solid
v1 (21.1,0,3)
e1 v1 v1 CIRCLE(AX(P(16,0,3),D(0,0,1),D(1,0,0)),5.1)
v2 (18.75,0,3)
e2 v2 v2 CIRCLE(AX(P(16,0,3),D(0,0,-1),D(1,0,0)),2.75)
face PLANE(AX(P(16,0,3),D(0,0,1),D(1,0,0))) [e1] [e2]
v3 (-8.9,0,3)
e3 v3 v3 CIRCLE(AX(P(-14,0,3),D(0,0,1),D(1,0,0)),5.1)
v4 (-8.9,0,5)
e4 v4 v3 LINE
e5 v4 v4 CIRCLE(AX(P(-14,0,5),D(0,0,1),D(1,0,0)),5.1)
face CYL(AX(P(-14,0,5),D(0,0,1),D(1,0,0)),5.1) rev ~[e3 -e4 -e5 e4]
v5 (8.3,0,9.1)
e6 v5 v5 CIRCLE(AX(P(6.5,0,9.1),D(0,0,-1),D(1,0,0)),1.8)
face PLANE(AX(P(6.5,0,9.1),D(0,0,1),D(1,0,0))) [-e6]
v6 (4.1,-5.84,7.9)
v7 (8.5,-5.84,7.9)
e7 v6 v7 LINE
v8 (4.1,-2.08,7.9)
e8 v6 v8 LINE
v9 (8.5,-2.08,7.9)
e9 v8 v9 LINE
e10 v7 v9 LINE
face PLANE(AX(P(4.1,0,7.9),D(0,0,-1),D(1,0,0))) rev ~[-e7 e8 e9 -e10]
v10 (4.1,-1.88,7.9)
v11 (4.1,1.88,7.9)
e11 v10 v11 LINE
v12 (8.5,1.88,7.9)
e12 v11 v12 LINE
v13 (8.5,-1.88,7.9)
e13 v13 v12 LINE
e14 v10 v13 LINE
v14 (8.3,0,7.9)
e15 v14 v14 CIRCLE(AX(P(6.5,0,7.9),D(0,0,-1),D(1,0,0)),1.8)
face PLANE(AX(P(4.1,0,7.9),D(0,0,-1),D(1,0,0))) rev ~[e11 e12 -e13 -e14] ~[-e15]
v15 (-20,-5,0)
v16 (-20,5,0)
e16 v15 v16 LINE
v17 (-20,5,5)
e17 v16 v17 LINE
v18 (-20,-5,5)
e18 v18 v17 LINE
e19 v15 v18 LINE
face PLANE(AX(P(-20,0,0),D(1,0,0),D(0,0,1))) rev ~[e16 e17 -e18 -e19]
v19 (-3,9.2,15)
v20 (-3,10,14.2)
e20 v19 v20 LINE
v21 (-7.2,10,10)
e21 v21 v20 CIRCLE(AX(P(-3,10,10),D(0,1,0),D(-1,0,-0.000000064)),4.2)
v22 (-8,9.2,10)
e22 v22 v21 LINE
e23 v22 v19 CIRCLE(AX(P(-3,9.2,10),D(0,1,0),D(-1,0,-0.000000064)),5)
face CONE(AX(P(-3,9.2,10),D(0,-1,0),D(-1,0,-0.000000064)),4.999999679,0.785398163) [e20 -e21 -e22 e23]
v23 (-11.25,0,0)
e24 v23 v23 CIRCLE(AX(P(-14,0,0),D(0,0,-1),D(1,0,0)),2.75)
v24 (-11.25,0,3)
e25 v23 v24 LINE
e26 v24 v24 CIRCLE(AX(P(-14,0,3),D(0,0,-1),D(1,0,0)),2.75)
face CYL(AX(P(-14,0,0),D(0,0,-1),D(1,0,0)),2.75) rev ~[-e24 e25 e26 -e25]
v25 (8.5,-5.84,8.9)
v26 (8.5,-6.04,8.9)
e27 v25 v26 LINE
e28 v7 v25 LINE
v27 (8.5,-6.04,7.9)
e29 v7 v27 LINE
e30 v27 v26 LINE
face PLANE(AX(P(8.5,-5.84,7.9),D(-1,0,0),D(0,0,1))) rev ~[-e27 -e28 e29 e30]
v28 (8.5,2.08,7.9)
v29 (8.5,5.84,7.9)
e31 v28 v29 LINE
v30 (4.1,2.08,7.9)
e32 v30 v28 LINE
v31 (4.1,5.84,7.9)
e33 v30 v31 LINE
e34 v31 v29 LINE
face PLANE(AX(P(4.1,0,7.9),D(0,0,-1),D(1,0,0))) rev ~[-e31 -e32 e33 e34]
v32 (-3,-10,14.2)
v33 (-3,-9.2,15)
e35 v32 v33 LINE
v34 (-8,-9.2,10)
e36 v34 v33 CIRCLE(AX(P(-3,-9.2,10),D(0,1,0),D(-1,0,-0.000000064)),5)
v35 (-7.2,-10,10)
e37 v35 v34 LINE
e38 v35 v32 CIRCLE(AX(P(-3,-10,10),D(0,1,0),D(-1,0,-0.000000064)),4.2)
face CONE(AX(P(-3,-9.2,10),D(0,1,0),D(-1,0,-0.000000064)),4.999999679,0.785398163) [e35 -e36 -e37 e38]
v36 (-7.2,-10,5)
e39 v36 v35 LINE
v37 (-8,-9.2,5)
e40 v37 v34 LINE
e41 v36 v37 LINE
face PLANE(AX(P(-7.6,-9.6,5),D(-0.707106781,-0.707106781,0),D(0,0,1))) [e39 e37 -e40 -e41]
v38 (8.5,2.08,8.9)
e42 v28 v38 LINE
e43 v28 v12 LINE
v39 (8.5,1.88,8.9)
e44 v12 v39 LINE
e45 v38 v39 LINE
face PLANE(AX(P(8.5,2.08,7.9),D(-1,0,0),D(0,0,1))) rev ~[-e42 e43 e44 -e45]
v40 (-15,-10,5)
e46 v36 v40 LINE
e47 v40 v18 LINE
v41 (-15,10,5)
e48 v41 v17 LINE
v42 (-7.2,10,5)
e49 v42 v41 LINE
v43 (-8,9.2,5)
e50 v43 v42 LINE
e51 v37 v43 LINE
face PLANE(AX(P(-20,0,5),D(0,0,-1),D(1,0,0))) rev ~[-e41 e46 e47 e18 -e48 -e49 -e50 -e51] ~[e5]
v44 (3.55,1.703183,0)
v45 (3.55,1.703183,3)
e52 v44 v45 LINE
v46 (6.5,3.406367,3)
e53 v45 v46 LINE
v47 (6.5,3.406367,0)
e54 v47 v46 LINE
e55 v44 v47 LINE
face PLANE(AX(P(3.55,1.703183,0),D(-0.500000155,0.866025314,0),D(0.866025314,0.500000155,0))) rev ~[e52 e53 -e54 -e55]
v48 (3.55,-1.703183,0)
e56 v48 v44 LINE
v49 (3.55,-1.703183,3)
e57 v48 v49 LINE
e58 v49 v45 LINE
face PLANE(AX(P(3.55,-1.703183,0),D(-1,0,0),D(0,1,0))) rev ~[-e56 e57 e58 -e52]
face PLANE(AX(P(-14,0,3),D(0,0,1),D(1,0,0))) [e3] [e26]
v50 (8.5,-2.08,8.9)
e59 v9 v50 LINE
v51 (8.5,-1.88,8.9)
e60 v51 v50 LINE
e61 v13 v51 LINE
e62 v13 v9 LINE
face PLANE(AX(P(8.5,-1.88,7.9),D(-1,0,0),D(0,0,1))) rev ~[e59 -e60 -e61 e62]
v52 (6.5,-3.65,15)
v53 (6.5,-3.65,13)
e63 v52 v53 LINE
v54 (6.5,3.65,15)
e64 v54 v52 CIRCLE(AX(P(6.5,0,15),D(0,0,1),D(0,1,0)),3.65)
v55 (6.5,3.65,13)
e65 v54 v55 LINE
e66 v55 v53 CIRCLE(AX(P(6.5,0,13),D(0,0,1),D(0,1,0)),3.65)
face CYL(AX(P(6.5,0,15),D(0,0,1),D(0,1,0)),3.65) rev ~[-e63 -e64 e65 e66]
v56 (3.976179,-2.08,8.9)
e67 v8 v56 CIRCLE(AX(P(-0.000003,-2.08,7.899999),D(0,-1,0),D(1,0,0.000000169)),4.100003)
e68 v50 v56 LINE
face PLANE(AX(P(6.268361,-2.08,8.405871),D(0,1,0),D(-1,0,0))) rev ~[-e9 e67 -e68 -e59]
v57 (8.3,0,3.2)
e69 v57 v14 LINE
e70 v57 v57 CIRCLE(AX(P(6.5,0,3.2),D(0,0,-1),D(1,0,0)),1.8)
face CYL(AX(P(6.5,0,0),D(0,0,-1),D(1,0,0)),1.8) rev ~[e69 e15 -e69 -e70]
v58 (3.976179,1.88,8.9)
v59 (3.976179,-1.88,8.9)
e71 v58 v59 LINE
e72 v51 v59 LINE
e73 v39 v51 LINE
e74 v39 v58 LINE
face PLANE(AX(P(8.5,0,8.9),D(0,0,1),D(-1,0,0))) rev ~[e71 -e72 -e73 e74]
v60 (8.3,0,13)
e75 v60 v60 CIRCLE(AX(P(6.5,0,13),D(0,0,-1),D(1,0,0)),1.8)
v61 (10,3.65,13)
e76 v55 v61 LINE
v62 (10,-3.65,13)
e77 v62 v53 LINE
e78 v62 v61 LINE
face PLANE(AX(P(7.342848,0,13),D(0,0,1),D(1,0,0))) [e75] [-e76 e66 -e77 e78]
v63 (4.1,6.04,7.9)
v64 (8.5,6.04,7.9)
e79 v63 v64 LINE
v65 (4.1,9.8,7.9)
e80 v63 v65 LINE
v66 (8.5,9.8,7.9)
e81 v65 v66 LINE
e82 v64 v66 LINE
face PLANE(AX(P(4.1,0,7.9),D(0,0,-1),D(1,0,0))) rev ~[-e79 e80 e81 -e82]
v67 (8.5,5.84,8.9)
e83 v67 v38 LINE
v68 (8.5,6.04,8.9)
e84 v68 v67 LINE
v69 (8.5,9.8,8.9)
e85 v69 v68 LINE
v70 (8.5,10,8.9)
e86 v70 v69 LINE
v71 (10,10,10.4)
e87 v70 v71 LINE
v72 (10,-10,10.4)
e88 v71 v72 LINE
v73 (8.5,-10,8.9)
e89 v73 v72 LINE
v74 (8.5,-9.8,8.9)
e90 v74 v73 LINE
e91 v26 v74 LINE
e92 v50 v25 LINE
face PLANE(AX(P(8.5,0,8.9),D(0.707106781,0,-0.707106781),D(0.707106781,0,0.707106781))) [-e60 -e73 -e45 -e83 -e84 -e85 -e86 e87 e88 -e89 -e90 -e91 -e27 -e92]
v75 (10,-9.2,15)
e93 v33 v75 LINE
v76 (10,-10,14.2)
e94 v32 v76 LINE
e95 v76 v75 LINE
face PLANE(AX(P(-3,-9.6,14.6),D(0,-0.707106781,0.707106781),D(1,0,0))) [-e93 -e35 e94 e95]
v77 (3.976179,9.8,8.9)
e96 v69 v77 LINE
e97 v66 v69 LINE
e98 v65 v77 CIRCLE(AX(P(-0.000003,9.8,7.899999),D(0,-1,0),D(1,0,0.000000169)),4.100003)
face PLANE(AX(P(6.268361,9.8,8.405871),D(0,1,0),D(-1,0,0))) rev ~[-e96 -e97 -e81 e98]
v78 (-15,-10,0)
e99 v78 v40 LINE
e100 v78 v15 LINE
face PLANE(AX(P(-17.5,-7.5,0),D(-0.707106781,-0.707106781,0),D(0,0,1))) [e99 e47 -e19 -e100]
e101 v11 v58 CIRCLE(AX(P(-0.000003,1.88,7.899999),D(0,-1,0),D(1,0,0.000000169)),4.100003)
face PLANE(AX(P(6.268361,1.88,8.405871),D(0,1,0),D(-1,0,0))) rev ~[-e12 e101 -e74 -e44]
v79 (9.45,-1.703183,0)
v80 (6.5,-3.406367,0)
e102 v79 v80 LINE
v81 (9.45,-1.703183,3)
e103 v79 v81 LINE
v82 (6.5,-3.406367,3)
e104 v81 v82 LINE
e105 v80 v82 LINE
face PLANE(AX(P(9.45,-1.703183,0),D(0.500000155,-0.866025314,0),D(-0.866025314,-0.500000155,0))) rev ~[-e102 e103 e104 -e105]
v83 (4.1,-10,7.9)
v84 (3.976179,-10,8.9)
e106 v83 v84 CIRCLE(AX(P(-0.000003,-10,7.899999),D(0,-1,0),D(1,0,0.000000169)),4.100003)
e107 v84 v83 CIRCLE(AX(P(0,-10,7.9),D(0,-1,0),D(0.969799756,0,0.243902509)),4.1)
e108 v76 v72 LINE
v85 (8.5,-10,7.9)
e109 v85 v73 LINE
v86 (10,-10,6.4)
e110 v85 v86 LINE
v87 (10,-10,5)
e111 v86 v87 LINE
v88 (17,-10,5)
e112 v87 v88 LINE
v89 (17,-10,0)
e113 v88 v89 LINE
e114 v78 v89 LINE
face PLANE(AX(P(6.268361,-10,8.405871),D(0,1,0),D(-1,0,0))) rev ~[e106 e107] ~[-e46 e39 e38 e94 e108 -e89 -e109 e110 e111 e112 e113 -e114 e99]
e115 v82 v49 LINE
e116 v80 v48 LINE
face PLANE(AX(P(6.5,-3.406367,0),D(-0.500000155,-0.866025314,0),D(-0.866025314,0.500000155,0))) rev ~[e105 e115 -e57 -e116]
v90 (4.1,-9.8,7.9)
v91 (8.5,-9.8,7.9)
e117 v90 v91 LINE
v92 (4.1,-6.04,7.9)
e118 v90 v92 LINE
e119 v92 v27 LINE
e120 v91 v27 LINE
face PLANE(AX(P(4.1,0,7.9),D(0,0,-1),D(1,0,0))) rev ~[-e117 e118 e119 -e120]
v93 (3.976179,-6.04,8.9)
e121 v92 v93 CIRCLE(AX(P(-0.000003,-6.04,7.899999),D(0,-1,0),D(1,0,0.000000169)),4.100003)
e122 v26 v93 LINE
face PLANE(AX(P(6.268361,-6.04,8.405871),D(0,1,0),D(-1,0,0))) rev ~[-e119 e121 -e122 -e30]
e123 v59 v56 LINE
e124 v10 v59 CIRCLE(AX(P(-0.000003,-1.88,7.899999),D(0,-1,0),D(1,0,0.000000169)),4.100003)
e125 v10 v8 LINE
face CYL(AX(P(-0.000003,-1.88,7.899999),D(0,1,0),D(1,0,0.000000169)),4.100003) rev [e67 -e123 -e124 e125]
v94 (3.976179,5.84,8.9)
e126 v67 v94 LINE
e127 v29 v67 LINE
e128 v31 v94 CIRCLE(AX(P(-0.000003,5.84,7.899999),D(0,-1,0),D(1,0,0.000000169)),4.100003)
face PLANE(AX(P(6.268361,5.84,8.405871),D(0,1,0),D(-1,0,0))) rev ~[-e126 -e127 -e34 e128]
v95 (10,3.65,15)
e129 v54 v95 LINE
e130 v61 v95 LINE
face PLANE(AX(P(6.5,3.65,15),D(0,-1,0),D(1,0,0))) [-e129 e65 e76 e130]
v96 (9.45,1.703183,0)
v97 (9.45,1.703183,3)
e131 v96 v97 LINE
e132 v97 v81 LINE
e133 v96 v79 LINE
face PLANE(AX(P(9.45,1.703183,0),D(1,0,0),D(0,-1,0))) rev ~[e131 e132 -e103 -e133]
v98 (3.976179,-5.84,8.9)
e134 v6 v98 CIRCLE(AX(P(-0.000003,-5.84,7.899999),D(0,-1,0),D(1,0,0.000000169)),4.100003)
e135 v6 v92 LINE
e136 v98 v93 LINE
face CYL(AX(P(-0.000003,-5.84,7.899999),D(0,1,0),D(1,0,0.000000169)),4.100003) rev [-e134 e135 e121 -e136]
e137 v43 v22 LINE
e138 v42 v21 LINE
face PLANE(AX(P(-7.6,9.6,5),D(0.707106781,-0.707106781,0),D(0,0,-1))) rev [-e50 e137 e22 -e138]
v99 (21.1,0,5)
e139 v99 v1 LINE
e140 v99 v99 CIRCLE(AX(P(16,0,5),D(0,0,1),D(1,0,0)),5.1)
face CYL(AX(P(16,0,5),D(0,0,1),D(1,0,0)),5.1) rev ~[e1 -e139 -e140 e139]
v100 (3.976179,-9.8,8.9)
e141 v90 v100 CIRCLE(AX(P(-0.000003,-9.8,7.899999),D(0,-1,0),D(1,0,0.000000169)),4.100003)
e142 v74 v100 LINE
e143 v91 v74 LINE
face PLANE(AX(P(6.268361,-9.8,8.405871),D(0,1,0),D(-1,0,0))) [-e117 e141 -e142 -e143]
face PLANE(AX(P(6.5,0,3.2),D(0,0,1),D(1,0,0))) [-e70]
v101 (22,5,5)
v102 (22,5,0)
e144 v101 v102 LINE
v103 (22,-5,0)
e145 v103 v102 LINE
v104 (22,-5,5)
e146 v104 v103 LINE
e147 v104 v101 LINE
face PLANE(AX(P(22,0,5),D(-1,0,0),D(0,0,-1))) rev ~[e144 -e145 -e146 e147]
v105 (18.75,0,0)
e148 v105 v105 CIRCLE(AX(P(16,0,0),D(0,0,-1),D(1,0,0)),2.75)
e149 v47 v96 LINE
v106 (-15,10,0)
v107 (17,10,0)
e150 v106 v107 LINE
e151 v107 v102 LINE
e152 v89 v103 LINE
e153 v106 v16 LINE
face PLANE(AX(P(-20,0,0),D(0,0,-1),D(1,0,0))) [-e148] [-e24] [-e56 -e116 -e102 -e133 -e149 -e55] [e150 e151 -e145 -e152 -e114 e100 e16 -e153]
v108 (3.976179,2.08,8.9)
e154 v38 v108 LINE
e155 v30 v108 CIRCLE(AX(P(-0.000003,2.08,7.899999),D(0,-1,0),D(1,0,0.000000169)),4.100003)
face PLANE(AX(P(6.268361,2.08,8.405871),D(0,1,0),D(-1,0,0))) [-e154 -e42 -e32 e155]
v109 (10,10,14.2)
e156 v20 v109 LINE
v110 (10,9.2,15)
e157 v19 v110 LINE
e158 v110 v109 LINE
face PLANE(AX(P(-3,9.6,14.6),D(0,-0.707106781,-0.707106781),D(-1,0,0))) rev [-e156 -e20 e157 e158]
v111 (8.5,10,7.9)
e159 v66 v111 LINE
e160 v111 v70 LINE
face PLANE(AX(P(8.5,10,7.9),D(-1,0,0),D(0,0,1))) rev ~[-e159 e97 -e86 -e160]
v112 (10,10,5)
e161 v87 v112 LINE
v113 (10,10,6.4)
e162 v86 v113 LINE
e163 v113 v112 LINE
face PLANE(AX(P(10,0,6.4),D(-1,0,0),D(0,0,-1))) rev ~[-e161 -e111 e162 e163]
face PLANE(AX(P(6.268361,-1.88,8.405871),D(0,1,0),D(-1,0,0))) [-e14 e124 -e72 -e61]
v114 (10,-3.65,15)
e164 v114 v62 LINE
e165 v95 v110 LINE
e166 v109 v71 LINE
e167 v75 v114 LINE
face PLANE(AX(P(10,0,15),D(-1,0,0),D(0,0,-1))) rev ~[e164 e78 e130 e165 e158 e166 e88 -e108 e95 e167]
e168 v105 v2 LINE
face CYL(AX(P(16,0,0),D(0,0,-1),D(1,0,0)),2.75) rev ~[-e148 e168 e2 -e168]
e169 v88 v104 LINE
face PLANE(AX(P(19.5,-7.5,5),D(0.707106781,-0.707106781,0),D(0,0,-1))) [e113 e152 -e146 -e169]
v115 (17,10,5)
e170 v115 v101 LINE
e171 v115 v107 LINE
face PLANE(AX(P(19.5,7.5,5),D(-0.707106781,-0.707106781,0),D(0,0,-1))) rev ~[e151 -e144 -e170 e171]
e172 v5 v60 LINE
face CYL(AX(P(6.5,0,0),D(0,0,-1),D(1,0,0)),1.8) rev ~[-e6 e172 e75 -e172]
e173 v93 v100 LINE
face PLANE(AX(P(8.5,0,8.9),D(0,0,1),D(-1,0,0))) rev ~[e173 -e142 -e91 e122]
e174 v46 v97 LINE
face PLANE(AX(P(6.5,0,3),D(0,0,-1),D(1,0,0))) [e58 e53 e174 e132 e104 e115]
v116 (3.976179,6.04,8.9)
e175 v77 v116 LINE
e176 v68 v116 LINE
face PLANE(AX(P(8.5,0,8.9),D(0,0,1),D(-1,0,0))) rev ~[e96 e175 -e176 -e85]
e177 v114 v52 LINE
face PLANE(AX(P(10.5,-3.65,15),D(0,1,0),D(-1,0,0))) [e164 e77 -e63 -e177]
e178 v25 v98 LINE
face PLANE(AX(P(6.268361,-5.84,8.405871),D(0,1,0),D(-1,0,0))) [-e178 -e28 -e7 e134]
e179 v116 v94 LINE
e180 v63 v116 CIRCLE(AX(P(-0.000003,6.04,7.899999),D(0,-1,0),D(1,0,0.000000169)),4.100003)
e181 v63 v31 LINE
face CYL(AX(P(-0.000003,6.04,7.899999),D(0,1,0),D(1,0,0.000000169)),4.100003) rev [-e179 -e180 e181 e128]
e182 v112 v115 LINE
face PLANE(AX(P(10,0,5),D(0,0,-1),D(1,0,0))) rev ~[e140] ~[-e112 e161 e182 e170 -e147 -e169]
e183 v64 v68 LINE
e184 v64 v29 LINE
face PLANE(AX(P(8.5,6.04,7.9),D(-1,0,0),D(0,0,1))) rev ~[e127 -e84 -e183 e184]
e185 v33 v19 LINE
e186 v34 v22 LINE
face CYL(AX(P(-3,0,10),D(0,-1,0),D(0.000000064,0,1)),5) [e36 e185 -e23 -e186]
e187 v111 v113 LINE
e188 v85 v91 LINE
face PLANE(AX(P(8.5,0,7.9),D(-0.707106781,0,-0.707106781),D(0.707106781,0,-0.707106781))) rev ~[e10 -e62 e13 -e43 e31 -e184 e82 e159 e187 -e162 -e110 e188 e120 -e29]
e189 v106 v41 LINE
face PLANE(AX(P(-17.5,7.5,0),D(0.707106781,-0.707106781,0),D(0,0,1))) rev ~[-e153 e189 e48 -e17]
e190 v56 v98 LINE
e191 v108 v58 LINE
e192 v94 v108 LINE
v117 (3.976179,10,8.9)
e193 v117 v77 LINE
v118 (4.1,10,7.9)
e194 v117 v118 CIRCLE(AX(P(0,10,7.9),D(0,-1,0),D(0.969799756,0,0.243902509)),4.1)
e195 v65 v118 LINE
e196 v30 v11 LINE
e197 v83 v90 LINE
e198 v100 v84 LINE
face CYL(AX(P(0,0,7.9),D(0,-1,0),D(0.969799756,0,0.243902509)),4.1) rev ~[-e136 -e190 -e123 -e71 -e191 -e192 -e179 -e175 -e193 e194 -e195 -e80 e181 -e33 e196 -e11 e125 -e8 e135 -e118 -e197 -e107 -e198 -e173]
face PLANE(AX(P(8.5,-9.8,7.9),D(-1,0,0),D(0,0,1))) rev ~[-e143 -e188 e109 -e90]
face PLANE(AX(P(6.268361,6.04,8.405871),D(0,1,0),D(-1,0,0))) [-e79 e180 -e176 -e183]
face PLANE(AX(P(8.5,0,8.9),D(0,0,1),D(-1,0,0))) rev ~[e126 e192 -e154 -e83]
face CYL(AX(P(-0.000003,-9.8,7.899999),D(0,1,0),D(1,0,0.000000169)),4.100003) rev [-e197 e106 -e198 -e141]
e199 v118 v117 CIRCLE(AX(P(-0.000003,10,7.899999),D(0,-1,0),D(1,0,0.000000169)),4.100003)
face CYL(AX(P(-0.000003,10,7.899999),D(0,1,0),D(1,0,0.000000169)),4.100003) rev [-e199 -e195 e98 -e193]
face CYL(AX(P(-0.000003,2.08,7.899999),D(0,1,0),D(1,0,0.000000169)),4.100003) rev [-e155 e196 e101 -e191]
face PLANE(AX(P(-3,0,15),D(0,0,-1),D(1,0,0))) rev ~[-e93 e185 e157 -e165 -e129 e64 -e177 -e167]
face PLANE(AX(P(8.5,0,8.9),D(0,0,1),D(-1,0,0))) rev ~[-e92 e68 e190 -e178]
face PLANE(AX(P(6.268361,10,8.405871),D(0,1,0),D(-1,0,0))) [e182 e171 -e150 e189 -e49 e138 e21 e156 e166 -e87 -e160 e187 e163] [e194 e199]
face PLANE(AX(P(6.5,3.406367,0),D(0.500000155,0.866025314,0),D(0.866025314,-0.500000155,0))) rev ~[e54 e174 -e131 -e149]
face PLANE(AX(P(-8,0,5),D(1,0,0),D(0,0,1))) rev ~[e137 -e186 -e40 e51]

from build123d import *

# Parameters (mm, degrees)
PAD_DEPTH           = 10
SKETCH001_R         = 2.75
SKETCH001_R_2       = 1.8
POCKET_DEPTH        = 15.001
POCKET001_DEPTH     = 3
SKETCH003_R         = 5.1
POCKET002_DEPTH     = 2
SKETCH004_R         = 1.9
PAD001_DEPTH        = 0.2
SKETCH005_R         = 2.95
PAD002_DEPTH        = 0.2
PAD003_DEPTH        = 0.2
LINEARPATTERN_COUNT = 6
LINEARPATTERN_PITCH = 3.96
POCKET003_DEPTH     = 2
CHAMFER_SIZE        = 5
CHAMFER001_SIZE     = 0.8


with BuildPart() as part:
    # Sketch → Pad (new body, symmetric)
    with BuildSketch(Plane.XZ):
        with BuildLine():
            ThreePointArc((3.976179, 8.9), (-4.068927, 7.396182), (4.1, 7.9))
            Line((4.1, 7.9), (8.5, 7.9))
            Line((8.5, 7.9), (10, 6.4))
            Line((10, 6.4), (10, 5))
            Line((10, 5), (22, 5))
            Line((22, 5), (22, 0))
            Line((-20, 0), (22, 0))
            Line((-20, 0), (-20, 5))
            Line((-20, 5), (-8, 5))
            Line((-8, 5), (-8, 10))
            ThreePointArc((-3, 15), (-6.535534, 13.535534), (-8, 10))
            Line((-3, 15), (10, 15))
            Line((10, 15), (10, 10.4))
            Line((8.5, 8.9), (10, 10.4))
            Line((8.5, 8.9), (3.976179, 8.9))
        make_face()
    extrude(amount=PAD_DEPTH, both=True)

    # Sketch001 → Pocket (cut, through all)
    with BuildSketch(Plane(origin=(0, 0, 0), x_dir=(1, 0, 0), z_dir=(0, 0, -1))):
        with Locations((-14, 0)):
            Circle(SKETCH001_R)
        with Locations((16, 0)):
            Circle(SKETCH001_R)
        with Locations((6.5, 0)):
            Circle(SKETCH001_R_2)
    extrude(amount=-POCKET_DEPTH, mode=Mode.SUBTRACT)

    # Sketch002 → Pocket001 (cut)
    with BuildSketch(Plane(origin=(0, 0, 0), x_dir=(1, 0, 0), z_dir=(0, 0, -1))):
        Polygon((6.5, 3.406367), (3.55, 1.703183), (3.55, -1.703183), (6.5, -3.406367), (9.45, -1.703183), (9.45, 1.703183), align=None)
    extrude(amount=-POCKET001_DEPTH, mode=Mode.SUBTRACT)

    # Sketch003 → Pocket002 (cut)
    with BuildSketch(Plane.XY.offset(5)):
        with Locations((-14, 0)):
            Circle(SKETCH003_R)
        with Locations((16, 0)):
            Circle(SKETCH003_R)
    extrude(amount=-POCKET002_DEPTH, mode=Mode.SUBTRACT)

    # Sketch004 → Pad001 (join)
    with BuildSketch(Plane.XY.offset(8.9)):
        with Locations((6.5, 0)):
            Circle(SKETCH004_R)
    extrude(amount=PAD001_DEPTH)

    # Sketch005 → Pad002 (join)
    with BuildSketch(Plane.XY.offset(3)):
        with Locations((6.5, 0)):
            Circle(SKETCH005_R)
    extrude(amount=PAD002_DEPTH)

    # Sketch006 → Pad003 (join)
    with BuildSketch(Plane.XZ.offset(-10)):
        with BuildLine():
            ThreePointArc((4.1, 7.9), (4.068927, 8.403818), (3.976179, 8.9))
            Line((8.5, 8.9), (3.976179, 8.9))
            Line((8.5, 7.9), (8.5, 8.9))
            Line((4.1, 7.9), (8.5, 7.9))
        make_face()
    pad003 = extrude(amount=PAD003_DEPTH)

    # LinearPattern: Pad003 ×6
    with Locations(*[(0, -i * LINEARPATTERN_PITCH, 0) for i in range(1, LINEARPATTERN_COUNT)]):
        add(pad003)

    # Sketch007 → Pocket003 (cut)
    with BuildSketch(Plane.XY.offset(15)):
        with BuildLine():
            ThreePointArc((6.5, 3.65), (2.85, 0), (6.5, -3.65))
            Line((10.5, -3.65), (6.5, -3.65))
            Line((10.5, 3.65), (10.5, -3.65))
            Line((6.5, 3.65), (10.5, 3.65))
        make_face()
    extrude(amount=-POCKET003_DEPTH, mode=Mode.SUBTRACT)

    # Chamfer
    chamfer_edges = [part.edges().sort_by_distance(p)[0] for p in [
        (22, -10, 2.5),
        (-20, -10, 2.5),
        (22, 10, 2.5),
        (-20, 10, 2.5),
    ]]
    chamfer(chamfer_edges, length=CHAMFER_SIZE)

    # Chamfer001
    chamfer001_edges = [part.edges().sort_by_distance(p)[0] for p in [
        (-8, -10, 7.5),
        (-6.535534, -10, 13.535534),
        (3.5, -10, 15),
        (3.5, 10, 15),
        (-6.535534, 10, 13.535534),
        (-8, 10, 7.5),
    ]]
    chamfer(chamfer001_edges, length=CHAMFER001_SIZE)


solid = part.part
